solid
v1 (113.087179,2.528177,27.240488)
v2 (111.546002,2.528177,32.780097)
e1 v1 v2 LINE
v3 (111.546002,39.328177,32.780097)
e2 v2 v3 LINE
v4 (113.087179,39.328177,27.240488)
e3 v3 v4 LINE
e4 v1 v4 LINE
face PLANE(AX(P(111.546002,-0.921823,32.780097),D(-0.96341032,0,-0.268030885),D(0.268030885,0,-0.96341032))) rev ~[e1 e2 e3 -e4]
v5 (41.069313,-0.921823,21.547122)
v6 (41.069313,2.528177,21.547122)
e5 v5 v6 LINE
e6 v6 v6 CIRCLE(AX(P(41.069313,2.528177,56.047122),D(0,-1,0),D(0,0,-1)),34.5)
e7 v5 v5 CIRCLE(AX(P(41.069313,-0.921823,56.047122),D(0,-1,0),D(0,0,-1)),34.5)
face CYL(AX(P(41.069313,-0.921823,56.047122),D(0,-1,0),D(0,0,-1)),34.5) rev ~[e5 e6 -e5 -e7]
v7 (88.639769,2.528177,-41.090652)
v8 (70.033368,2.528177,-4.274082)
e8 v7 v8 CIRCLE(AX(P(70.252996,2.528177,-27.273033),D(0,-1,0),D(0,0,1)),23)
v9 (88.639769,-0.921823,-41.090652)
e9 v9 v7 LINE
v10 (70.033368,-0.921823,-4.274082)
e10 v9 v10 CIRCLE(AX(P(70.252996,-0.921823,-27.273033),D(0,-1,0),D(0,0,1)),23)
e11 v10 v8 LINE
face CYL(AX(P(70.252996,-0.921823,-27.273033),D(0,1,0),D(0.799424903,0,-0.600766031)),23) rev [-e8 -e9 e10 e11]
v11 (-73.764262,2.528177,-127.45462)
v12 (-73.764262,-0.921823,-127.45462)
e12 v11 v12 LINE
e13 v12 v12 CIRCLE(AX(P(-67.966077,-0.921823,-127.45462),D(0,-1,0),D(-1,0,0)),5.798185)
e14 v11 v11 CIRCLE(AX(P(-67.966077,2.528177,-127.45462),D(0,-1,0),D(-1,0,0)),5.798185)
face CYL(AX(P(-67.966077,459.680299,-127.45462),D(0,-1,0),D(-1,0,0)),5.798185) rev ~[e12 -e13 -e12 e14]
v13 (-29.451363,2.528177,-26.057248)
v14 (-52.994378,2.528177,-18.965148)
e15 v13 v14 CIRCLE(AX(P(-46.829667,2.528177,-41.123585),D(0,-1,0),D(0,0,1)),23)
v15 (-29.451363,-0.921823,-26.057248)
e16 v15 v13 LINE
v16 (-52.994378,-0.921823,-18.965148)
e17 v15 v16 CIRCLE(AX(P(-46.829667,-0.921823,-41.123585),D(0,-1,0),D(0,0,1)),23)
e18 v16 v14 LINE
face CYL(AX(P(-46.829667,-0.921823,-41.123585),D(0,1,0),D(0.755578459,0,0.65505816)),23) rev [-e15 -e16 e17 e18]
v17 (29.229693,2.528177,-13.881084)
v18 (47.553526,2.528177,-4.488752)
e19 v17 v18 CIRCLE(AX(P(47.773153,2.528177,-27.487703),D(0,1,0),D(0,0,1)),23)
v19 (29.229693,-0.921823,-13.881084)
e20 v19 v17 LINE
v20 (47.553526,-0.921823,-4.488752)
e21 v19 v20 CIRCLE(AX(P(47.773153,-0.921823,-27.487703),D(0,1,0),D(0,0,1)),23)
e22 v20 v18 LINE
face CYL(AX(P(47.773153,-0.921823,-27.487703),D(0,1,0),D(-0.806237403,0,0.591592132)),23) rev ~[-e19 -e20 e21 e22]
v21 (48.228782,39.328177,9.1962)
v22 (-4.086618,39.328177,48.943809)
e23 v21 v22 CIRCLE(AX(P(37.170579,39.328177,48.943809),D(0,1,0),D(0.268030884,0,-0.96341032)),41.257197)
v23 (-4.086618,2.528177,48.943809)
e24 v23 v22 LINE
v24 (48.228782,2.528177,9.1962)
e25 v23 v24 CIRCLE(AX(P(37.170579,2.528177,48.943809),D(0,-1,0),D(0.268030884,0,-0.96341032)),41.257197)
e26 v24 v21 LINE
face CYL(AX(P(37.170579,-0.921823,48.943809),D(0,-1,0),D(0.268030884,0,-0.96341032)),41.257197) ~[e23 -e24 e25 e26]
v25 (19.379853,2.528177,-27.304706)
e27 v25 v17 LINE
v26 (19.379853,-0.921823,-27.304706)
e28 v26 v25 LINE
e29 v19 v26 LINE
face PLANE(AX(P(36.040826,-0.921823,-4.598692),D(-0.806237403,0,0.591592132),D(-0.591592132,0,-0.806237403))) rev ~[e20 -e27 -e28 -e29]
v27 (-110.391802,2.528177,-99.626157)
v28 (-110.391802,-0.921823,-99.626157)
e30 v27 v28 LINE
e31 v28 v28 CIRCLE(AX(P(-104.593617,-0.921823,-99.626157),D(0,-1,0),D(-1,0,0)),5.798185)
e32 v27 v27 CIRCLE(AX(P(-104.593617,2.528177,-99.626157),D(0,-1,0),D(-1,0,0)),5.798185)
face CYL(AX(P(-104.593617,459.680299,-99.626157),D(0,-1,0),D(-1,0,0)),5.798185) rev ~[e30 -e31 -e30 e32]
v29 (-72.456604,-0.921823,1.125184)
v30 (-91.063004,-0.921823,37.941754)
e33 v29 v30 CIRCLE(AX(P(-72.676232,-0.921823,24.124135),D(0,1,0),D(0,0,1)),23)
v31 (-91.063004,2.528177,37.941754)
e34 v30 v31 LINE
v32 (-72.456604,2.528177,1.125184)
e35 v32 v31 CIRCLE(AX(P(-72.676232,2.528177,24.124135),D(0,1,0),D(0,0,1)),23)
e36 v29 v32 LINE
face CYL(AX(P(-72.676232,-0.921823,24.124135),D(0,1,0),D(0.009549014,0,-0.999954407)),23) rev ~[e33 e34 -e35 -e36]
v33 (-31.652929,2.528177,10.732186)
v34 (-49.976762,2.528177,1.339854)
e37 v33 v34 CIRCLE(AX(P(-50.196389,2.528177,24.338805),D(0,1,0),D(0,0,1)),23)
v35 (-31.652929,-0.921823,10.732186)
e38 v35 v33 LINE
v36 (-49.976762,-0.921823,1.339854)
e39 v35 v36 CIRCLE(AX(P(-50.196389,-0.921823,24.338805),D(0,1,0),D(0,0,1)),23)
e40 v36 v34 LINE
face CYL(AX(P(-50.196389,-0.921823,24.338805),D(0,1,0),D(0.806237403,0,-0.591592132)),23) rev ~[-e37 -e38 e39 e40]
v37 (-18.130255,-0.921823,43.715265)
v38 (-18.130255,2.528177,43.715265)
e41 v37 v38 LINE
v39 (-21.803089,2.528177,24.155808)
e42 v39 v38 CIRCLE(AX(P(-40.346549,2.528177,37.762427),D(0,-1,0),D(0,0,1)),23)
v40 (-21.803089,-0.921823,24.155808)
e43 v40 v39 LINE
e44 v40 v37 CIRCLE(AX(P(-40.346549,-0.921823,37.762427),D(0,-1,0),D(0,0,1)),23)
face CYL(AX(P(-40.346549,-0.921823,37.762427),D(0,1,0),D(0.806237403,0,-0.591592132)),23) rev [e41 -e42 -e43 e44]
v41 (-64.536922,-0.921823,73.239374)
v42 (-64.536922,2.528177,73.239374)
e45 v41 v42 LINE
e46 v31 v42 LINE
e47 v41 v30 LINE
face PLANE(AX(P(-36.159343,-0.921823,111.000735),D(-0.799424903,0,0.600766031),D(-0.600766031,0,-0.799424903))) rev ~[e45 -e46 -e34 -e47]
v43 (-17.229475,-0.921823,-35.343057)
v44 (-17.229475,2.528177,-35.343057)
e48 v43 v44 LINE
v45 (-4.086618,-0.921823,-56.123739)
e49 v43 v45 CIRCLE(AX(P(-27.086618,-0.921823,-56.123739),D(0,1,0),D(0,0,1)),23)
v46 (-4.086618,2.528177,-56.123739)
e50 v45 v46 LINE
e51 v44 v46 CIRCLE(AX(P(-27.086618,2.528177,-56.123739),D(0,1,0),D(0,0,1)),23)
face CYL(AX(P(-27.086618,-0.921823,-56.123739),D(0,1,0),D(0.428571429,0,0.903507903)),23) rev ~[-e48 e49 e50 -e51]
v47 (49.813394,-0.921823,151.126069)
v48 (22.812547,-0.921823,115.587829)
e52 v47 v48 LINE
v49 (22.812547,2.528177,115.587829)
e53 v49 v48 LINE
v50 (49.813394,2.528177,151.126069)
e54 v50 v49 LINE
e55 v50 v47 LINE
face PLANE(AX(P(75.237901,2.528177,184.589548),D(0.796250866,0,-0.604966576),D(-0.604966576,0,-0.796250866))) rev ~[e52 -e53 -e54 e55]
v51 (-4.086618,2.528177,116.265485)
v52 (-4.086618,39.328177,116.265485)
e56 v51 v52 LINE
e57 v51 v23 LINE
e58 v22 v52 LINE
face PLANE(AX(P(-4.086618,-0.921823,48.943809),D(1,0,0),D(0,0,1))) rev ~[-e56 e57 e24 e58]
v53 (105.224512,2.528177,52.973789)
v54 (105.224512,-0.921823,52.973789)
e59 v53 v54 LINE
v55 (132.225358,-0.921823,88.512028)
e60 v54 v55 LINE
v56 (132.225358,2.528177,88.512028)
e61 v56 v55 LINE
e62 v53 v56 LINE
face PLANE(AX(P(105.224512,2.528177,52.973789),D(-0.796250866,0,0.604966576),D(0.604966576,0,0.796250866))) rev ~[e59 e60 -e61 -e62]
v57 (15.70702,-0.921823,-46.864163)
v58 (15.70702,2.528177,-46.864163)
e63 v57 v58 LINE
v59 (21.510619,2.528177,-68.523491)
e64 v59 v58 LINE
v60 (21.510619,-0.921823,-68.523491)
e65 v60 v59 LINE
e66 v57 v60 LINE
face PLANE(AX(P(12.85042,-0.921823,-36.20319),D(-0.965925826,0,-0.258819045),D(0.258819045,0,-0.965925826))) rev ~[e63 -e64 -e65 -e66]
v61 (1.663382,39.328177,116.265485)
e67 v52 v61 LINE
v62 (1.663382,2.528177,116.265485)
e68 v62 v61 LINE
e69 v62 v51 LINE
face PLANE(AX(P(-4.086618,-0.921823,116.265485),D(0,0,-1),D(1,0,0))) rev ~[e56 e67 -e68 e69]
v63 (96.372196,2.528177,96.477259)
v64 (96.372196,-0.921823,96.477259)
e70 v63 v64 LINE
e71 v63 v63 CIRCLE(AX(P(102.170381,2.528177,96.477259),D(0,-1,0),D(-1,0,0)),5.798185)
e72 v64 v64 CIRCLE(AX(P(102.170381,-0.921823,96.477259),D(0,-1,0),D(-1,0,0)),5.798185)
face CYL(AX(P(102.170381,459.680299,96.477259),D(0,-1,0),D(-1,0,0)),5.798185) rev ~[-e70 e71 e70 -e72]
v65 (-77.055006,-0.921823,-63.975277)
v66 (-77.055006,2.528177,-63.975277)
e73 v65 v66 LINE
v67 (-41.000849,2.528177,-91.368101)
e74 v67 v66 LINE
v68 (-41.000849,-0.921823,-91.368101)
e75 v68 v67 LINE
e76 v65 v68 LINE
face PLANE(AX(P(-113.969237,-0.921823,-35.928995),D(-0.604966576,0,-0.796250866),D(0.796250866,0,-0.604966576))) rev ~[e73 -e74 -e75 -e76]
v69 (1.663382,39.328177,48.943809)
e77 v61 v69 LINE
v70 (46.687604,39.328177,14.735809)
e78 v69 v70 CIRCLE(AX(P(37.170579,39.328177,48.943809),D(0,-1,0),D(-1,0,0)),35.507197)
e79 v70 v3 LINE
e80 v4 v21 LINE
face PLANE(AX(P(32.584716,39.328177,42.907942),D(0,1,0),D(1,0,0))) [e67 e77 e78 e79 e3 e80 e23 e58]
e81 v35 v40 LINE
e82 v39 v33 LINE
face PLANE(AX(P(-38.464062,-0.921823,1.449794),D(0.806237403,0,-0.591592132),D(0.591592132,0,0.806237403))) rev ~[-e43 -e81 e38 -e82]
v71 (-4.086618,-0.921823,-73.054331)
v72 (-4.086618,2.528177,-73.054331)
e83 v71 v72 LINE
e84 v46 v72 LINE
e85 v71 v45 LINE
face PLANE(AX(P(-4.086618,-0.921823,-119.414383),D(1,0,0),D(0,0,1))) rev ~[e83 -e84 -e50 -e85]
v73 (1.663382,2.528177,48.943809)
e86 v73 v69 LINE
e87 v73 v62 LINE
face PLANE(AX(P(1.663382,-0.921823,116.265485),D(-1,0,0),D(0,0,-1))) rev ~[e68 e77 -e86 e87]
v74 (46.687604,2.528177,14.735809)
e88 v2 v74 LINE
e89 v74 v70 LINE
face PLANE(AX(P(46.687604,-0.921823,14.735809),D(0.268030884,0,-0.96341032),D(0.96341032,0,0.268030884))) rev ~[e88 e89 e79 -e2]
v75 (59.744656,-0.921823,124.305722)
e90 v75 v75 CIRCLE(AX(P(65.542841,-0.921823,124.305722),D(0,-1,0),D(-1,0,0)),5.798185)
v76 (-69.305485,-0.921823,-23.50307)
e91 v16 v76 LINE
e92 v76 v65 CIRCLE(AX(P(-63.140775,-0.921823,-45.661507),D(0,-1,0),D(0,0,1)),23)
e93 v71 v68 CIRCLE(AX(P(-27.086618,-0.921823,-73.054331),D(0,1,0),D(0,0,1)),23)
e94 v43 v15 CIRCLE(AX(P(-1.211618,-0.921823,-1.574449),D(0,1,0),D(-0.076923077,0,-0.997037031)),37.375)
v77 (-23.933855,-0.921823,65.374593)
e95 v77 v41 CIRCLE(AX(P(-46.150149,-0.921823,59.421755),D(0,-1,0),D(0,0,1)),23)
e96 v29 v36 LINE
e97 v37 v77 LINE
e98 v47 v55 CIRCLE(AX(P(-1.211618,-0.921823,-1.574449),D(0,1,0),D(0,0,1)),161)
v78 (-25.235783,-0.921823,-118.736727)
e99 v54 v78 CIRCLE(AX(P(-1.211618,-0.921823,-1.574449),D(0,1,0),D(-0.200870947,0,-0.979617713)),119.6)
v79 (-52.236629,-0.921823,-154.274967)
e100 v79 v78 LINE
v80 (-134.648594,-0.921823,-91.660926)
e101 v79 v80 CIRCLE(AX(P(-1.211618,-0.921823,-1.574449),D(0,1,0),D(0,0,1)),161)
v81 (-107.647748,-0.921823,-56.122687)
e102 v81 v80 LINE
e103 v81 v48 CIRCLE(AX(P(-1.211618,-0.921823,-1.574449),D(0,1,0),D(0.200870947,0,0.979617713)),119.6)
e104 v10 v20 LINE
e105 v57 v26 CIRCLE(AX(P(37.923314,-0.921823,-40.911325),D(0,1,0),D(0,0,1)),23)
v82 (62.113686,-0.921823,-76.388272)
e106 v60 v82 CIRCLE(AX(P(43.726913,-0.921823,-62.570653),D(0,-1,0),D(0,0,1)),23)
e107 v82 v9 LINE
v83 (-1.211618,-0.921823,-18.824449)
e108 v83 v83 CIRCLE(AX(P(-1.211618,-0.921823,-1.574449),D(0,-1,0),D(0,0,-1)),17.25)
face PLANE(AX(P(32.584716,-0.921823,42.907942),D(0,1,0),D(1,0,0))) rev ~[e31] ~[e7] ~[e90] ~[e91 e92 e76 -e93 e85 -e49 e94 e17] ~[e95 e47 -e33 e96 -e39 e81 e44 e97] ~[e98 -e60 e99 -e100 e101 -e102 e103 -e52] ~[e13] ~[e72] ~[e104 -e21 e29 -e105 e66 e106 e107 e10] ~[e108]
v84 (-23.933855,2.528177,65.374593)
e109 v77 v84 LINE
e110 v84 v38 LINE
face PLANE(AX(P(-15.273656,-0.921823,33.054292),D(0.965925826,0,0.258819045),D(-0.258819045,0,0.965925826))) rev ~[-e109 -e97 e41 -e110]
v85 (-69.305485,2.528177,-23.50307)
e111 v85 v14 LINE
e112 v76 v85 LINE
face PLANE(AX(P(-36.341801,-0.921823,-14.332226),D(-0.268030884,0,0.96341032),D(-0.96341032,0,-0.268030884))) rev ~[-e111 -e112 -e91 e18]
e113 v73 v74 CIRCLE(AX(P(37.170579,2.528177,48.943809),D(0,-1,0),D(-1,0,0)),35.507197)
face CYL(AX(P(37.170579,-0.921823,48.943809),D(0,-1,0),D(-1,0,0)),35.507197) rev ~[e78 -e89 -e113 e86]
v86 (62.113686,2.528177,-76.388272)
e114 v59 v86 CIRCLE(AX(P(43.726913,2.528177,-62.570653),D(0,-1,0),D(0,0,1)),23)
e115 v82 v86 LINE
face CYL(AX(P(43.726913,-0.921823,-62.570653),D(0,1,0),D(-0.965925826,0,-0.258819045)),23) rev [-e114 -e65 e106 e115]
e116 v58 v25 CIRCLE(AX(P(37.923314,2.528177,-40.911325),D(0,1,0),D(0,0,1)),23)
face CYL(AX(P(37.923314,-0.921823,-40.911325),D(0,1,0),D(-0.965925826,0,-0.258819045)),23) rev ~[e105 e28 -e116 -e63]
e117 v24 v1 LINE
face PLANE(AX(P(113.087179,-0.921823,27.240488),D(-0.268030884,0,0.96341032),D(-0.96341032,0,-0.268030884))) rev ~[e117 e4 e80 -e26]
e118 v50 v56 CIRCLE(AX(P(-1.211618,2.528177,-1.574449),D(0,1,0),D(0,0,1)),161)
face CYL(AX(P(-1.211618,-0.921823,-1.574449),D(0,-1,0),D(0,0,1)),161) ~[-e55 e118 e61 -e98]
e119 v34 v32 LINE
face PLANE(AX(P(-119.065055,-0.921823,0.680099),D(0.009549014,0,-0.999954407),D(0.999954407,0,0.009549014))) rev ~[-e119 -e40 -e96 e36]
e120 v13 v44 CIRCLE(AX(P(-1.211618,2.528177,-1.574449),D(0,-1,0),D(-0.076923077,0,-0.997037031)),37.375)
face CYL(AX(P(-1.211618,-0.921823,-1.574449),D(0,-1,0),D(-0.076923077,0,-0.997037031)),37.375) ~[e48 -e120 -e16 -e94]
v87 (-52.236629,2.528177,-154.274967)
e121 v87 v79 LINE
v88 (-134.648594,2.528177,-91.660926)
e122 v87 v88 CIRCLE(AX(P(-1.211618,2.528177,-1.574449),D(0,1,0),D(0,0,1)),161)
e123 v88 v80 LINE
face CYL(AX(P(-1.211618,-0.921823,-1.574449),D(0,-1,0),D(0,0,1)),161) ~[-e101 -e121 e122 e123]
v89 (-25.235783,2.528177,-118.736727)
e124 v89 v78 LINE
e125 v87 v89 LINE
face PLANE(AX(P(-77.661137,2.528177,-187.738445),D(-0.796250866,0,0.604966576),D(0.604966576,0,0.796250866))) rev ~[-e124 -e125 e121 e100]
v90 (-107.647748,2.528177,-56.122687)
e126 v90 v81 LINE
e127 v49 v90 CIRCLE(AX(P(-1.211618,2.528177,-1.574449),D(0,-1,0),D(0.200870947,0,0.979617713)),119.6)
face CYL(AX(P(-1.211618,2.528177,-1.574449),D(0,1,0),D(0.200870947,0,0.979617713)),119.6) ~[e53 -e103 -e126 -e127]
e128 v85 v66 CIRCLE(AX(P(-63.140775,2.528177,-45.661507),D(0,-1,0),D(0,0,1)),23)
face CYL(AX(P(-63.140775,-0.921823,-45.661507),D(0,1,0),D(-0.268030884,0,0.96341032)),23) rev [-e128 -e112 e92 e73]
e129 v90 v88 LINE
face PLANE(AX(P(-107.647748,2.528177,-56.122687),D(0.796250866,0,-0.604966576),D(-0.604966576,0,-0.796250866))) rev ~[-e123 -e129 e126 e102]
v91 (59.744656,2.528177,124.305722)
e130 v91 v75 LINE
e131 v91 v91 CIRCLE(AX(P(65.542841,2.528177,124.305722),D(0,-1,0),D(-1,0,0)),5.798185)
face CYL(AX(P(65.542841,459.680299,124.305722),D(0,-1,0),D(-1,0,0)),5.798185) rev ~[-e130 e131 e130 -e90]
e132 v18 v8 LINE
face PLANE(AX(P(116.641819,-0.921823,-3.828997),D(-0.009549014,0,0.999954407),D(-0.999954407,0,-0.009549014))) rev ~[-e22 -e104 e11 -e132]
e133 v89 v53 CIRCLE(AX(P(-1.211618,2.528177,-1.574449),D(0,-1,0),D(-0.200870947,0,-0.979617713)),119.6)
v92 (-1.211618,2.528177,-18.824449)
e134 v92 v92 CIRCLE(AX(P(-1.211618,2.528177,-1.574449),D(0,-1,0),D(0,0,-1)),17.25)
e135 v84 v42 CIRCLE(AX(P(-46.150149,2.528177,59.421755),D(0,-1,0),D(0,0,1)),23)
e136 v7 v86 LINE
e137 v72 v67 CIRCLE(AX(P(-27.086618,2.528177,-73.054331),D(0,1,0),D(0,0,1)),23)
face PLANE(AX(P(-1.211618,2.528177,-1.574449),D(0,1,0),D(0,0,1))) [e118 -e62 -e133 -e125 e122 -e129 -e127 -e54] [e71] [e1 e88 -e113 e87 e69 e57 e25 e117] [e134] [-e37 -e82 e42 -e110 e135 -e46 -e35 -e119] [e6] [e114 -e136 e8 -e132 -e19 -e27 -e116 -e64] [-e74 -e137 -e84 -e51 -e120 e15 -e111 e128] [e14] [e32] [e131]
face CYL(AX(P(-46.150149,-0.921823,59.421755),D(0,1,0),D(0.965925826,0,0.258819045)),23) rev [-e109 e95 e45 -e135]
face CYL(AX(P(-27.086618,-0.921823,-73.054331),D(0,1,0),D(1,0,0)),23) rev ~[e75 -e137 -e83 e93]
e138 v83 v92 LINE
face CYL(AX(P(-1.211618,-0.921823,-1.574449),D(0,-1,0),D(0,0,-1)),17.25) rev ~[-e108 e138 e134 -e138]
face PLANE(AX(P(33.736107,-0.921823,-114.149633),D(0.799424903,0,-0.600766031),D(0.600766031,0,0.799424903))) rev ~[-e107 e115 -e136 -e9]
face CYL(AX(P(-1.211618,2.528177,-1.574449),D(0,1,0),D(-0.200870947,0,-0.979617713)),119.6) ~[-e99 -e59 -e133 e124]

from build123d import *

# Parameters (mm, degrees)
CROQUIS1_R                    = 140
SALIENTE_EXTRUIR1_DEPTH       = 3
SALIENTE_EXTRUIR2_DEPTH       = 35
CROQUIS3_5_R                  = 30
CROQUIS3_5_R_2                = 13.2
CORTAR_EXTRUIR3_DEPTH         = 150
TALADRO_DE_MARGEN_PARA_3_81_D = 10.0838
CORTAR_EXTRUIR4_DEPTH         = 10
REDONDEO1_R                   = 20
CROQUIS7_R                    = 15
CORTAR_EXTRUIR5_DEPTH         = 3
ESCALA1_SCALE                 = 1.15


with BuildPart() as part:
    # Croquis1 → Saliente-Extruir1 (new body)
    with BuildSketch(Plane(origin=(0, 0, 0), x_dir=(1, 0, 0), z_dir=(0, 1, 0))):
        with Locations(Location((0, 0, 0), (0, 0, 270))):
            Circle(CROQUIS1_R)
    extrude(amount=SALIENTE_EXTRUIR1_DEPTH)

    # Croquis3 → Saliente-Extruir2 (add)
    with BuildSketch(Plane(origin=(0, 0, 0), x_dir=(-1, 0, 0), z_dir=(0, -1, 0))):
        with BuildLine():
            Line((2.5, -102.46950766), (-2.5, -102.46950766))
            Line((-2.5, -102.46950766), (-2.5, -43.928919859))
            ThreePointArc((-2.5, -43.928919859), (-14.696982207, -19.344018802), (-41.651497534, -14.182833045))
            Line((-41.651497534, -14.182833045), (-98.050103968, -29.873518571))
            Line((-98.050103968, -29.873518571), (-99.390258391, -25.056466971))
            Line((-99.390258391, -25.056466971), (-42.991651956, -9.365781444))
            ThreePointArc((-42.991651956, -9.365781444), (-11.672149328, -15.36276447), (2.5, -43.928919859))
            Line((2.5, -43.928919859), (2.5, -102.46950766))
        make_face()
    extrude(amount=-SALIENTE_EXTRUIR2_DEPTH)

    # Croquis3<5> → Cortar-Extruir3 (cut)
    with BuildSketch(Plane(origin=(0, 0, 0), x_dir=(-1, 0, 0), z_dir=(0, -1, 0))):
        Polygon((12.227859388, -30.111948705), (30.38932597, -97.89146473), (102.481249664, -1.960476316), (32.393429517, -2.62977644), align=None)
        with Locations(Location((-36.766027199, -50.10571417, 0), (0, 0, 90))):
            Circle(CROQUIS3_5_R)
        Polygon((-30.38932597, 97.89146473), (-102.481249664, 1.960476316), (-32.393429517, 2.62977644), (-12.227859388, 30.111948705), align=None)
        with BuildLine():
            Line((30.547985144, 11.093719108), (98.050103968, 29.873518571))
            Line((98.050103968, 29.873518571), (2.5, 102.46950766))
            Line((2.5, 102.46950766), (2.5, 32.403703492))
            ThreePointArc((2.5, 32.403703492), (19.661413711, 25.878153158), (30.547985144, 11.093719108))
        make_face()
        with Locations(Location((0, 0, 0), (0, 0, 90))):
            Circle(CROQUIS3_5_R_2)
    extrude(amount=-CORTAR_EXTRUIR3_DEPTH, mode=Mode.SUBTRACT)

    # Taladro de margen para 3/81 (through all)
    with Locations(Plane(origin=(0, 3, 0), x_dir=(1, 0, 0), z_dir=(0, 1, 0))):
        with Locations((58.047355757, -109.461018128), (89.897390413, -85.262355099), (-58.047355757, 109.461018128), (-89.897390413, 85.262355099)):
            Hole(TALADRO_DE_MARGEN_PARA_3_81_D / 2)

    # Croquis6 → Cortar-Extruir4 (cut)
    with BuildSketch(Plane(origin=(0, 3, 0), x_dir=(1, 0, 0), z_dir=(0, 1, 0))):
        with BuildLine():
            Line((-92.55315644, 47.433250289), (-138.14042031, 107.434744271))
            ThreePointArc((-138.14042031, 107.434744271), (-139.34390162, -105.869150753), (66.477842334, -161.881736087))
            Line((66.477842334, -161.881736087), (20.890578464, -101.880242105))
            ThreePointArc((20.890578464, -101.880242105), (-82.810090106, -62.916523876), (-92.55315644, 47.433250289))
        make_face()
        with BuildLine():
            Line((-66.477842334, 161.881736087), (-20.890578464, 101.880242105))
            ThreePointArc((-20.890578464, 101.880242105), (82.810090106, 62.916523876), (92.55315644, -47.433250289))
            Line((92.55315644, -47.433250289), (138.14042031, -107.434744271))
            ThreePointArc((138.14042031, -107.434744271), (139.34390162, 105.869150753), (-66.477842334, 161.881736087))
        make_face()
    extrude(amount=-CORTAR_EXTRUIR4_DEPTH, mode=Mode.SUBTRACT)

    # Redondeo1
    redondeo1_edges = [part.edges().sort_by_distance(p)[0] for p in [
        (-30.547985144, 1.5, -11.093719108),
        (-2.5, 1.5, -32.403703492),
        (-2.5, 1.5, -102.46950766),
        (-98.050103968, 1.5, -29.873518571),
        (-12.227859388, 1.5, 30.111948705),
        (-32.393429517, 1.5, 2.62977644),
        (-102.481249664, 1.5, 1.960476316),
        (-30.38932597, 1.5, 97.89146473),
        (12.227859388, 1.5, -30.111948705),
        (32.393429517, 1.5, -2.62977644),
        (102.481249664, 1.5, -1.960476316),
        (30.38932597, 1.5, -97.89146473),
    ]]
    fillet(redondeo1_edges, radius=REDONDEO1_R)

    # Croquis7 → Cortar-Extruir5 (cut)
    with BuildSketch(Plane.XZ):
        with Locations(Location((0, 0, 0), (0, 0, 270))):
            Circle(CROQUIS7_R)
    extrude(amount=-CORTAR_EXTRUIR5_DEPTH, mode=Mode.SUBTRACT)


with BuildPart() as part_1:
    # Escala1: scaled about (8.077452508, 6.145488529, 10.496326588)
    add(part.part.scale(ESCALA1_SCALE).moved(Location((-1.211617876, -0.921823279, -1.574448988))))


solid = part_1.part
